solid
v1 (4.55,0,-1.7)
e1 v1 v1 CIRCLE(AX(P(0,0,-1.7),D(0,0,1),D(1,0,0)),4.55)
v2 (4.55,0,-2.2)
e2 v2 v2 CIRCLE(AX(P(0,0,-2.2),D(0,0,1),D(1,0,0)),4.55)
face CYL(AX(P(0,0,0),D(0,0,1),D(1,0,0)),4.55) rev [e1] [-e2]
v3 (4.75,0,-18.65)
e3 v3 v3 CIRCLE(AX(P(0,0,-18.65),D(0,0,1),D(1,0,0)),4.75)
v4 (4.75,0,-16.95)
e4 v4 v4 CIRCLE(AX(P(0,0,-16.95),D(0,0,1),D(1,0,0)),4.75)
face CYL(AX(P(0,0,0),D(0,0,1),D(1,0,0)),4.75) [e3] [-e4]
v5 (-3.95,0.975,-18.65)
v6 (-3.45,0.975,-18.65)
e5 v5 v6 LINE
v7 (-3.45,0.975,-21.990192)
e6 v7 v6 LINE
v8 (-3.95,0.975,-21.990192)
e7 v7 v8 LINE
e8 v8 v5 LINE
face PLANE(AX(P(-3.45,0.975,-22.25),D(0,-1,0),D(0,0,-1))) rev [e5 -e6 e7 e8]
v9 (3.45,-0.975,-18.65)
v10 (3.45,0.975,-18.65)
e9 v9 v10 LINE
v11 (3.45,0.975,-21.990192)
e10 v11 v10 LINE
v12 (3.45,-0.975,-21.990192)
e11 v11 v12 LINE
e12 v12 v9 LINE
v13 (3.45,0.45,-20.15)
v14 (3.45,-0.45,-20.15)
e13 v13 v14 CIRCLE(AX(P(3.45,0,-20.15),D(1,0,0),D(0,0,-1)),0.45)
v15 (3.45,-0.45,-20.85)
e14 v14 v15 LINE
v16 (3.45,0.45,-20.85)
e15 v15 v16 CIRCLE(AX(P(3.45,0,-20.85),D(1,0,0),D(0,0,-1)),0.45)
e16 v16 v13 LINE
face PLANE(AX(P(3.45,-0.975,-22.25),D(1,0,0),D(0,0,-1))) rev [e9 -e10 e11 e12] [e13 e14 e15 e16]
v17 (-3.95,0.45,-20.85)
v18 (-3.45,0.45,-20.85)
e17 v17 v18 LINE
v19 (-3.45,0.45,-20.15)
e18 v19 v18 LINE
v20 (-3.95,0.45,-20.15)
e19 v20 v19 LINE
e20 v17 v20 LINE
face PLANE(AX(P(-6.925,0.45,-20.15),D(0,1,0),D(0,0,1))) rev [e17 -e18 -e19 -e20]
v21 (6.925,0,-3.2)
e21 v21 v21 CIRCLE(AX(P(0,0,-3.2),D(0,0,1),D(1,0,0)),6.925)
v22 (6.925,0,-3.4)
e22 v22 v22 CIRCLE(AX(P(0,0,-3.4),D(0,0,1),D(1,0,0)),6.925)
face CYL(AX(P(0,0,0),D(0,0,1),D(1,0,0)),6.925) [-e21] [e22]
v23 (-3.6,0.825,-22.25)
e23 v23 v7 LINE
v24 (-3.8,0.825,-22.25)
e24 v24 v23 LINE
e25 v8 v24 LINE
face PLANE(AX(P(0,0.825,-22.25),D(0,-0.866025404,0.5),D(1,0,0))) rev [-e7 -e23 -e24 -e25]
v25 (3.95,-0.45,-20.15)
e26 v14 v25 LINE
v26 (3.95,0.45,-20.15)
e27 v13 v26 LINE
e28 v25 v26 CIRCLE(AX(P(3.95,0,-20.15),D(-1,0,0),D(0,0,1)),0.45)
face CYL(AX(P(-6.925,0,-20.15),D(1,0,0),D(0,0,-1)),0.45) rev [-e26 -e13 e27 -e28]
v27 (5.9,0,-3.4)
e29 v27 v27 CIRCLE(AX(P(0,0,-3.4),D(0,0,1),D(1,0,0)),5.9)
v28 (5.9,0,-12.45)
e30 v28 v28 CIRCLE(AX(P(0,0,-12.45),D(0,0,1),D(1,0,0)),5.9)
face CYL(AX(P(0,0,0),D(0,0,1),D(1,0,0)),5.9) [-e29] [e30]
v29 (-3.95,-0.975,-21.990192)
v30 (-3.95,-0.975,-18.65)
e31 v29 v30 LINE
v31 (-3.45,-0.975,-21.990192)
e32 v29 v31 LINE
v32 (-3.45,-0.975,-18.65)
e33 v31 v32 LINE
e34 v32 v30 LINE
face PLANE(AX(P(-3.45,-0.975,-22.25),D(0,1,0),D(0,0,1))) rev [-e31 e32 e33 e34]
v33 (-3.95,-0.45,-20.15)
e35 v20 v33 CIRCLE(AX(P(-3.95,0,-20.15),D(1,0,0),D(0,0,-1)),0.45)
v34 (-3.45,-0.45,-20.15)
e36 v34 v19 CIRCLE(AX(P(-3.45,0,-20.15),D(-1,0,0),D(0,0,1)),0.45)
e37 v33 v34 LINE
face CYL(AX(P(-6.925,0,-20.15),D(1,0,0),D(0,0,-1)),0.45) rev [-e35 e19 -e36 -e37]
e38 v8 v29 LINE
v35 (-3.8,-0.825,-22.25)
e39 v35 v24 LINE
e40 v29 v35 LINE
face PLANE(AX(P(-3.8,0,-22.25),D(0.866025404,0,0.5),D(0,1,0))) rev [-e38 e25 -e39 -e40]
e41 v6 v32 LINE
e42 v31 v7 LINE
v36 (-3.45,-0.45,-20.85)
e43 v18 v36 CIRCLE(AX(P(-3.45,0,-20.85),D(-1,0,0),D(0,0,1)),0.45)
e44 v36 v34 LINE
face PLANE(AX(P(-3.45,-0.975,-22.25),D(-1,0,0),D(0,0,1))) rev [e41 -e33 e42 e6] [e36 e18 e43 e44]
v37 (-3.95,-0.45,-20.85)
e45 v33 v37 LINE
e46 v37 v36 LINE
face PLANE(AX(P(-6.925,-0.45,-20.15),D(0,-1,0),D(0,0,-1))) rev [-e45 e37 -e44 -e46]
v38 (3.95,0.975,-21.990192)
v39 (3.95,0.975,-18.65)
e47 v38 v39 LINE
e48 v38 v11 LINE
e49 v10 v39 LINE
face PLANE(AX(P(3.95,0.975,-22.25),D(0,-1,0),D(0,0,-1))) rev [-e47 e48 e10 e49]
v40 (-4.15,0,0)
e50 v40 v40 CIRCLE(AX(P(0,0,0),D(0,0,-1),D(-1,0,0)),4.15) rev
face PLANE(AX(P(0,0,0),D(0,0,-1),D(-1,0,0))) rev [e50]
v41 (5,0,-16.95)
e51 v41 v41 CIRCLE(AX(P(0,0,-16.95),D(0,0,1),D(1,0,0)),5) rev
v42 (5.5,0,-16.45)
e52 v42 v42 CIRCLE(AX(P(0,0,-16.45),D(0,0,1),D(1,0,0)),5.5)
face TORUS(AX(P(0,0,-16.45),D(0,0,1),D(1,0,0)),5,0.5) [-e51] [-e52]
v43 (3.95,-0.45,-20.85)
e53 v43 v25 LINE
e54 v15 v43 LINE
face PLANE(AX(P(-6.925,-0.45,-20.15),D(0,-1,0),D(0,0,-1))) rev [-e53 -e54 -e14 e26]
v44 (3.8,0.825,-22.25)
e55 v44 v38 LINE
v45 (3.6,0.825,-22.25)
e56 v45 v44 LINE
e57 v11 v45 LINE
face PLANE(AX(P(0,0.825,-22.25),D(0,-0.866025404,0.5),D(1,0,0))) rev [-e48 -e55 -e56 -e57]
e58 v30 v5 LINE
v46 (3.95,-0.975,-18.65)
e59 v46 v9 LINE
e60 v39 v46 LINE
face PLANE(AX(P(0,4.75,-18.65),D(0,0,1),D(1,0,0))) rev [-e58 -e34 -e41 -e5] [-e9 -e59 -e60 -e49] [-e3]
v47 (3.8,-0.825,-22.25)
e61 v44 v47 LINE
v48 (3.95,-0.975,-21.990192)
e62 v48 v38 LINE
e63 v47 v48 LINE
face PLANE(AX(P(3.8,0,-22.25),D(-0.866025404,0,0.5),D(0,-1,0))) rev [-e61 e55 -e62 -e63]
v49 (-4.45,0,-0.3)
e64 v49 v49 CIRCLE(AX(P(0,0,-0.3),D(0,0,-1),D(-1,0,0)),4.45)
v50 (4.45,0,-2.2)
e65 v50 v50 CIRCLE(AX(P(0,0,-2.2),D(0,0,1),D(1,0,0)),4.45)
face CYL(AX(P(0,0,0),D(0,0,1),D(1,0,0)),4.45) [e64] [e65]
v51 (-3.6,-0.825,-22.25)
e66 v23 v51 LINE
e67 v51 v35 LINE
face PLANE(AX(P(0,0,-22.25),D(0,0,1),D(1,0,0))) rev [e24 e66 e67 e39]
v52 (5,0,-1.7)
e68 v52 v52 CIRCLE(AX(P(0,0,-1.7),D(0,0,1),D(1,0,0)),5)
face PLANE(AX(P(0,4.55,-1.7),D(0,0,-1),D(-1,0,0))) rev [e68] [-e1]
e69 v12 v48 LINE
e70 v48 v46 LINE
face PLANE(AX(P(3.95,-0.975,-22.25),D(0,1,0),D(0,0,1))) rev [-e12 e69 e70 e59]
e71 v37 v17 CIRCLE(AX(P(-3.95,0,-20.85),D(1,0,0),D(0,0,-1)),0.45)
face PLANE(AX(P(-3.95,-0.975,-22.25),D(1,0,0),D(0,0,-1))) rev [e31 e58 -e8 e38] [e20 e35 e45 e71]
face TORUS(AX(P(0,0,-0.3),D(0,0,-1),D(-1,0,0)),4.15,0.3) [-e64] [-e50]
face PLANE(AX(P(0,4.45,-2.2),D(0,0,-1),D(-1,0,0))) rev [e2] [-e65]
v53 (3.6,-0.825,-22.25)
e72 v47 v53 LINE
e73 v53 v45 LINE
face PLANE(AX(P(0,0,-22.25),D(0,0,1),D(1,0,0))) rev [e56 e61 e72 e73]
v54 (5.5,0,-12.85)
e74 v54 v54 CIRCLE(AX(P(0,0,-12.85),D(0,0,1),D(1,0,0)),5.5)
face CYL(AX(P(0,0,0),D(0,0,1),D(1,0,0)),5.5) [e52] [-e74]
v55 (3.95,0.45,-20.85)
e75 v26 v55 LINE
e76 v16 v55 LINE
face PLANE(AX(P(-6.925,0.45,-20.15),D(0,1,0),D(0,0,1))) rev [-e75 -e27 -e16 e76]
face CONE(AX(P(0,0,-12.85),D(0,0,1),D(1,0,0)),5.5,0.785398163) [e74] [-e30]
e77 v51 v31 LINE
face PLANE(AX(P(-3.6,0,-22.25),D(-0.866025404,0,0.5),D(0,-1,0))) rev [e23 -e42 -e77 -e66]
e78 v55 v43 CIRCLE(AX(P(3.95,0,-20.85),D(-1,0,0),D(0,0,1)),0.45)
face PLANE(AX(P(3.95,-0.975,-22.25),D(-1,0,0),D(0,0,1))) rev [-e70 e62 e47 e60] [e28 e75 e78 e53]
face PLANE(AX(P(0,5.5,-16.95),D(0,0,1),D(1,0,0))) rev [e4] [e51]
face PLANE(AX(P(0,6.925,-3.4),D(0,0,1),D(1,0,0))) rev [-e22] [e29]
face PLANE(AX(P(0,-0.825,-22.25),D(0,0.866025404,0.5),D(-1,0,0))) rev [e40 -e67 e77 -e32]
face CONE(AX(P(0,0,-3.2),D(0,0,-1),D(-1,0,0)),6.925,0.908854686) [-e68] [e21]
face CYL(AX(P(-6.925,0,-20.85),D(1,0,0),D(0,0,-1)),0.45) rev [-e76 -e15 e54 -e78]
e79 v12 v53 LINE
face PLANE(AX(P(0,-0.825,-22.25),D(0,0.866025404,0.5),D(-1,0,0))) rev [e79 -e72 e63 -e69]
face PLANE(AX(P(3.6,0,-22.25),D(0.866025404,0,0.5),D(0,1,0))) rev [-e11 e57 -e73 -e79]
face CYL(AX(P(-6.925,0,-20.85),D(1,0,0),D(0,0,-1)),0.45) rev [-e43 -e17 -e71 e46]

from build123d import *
from OCP.BRepFilletAPI import BRepFilletAPI_MakeChamfer

# Parameters (mm, degrees)
FILLET2_R               = 0.5
FILLET3_R               = 0.3
SKETCH9_W               = 0.5
SKETCH9_H               = 1.95
BOSS_EXTRUDE5_DEPTH     = 3.6
CHAMFER2_SIZE           = 0.15
CHAMFER2_SIZE2          = 0.259807621
CUT_EXTRUDE2_DEPTH      = 25.309951666
CUT_EXTRUDE2_DEPTH_BACK = 25.309951666


with BuildPart() as part:
    # Sketch8 → Revolve1 (revolve)
    with BuildSketch(Plane(origin=(0, 0, 0), x_dir=(0, 0, -1), z_dir=(1, 0, 0)), mode=Mode.PRIVATE) as revolve1_sk:
        Polygon((0, 0), (0, 4.45), (2.2, 4.45), (2.2, 4.55), (1.7, 4.55), (1.7, 5), (3.2, 6.925), (3.4, 6.925), (3.4, 5.9), (12.45, 5.9), (12.85, 5.5), (16.95, 5.5), (16.95, 4.75), (18.65, 4.75), (18.65, 0), align=None)
    revolve(revolve1_sk.sketch.rotate(Axis((0, 0, 0), (0, 0, -1)), 90), axis=Axis((0, 0, 0), (0, 0, -1)))

    # Fillet2
    fillet2_edges = [part.edges().sort_by_distance(p)[0] for p in [
        (-5.5, 0, -16.95),
    ]]
    fillet(fillet2_edges, radius=FILLET2_R)

    # Fillet3
    fillet3_edges = [part.edges().sort_by_distance(p)[0] for p in [
        (-4.45, 0, 0),
    ]]
    fillet(fillet3_edges, radius=FILLET3_R)

    # Sketch9 → Boss-Extrude5 (add)
    with BuildSketch(Plane(origin=(0, 0, -18.65), x_dir=(-1, 0, 0), z_dir=(0, 0, -1))):
        with Locations((-3.7, 0)):
            Rectangle(SKETCH9_W, SKETCH9_H)
        with Locations((3.7, 0)):
            Rectangle(SKETCH9_W, SKETCH9_H)
    extrude(amount=BOSS_EXTRUDE5_DEPTH)

    # Chamfer2: one chamfer whose edges measure the first distance from different faces: ONE call of the kernel's chamfer builder (chamfer() names one face for all edges)
    chamfer2_edges_1 = [part.edges().sort_by_distance(p)[0] for p in [
        (3.45, 0, -22.25),
        (3.7, 0.975, -22.25),
        (3.95, 0, -22.25),
        (3.7, -0.975, -22.25),
    ]]
    chamfer2_side_1 = [part.faces().sort_by_distance(p)[0] for p in [
        (3.7, 0, -22.25),
    ]]
    chamfer2_edges_2 = [part.edges().sort_by_distance(p)[0] for p in [
        (-3.95, 0, -22.25),
        (-3.7, 0.975, -22.25),
        (-3.45, 0, -22.25),
        (-3.7, -0.975, -22.25),
    ]]
    chamfer2_side_2 = [part.faces().sort_by_distance(p)[0] for p in [
        (-3.7, 0, -22.25),
    ]]
    chamfer2 = BRepFilletAPI_MakeChamfer(part.part.solid().wrapped)
    for e in chamfer2_edges_1:
        chamfer2.Add(CHAMFER2_SIZE, CHAMFER2_SIZE2, e.wrapped, chamfer2_side_1[0].wrapped)  # the first distance lies on this face
    for e in chamfer2_edges_2:
        chamfer2.Add(CHAMFER2_SIZE, CHAMFER2_SIZE2, e.wrapped, chamfer2_side_2[0].wrapped)  # the first distance lies on this face
    add(Compound.cast(chamfer2.Shape()), mode=Mode.REPLACE)

    # Sketch10 → Cut-Extrude2 (cut, two sides: drawn at the far end of the back side and taken through both)
    with BuildSketch(Plane(origin=(0, 0, 0), x_dir=(0, 0, -1), z_dir=(1, 0, 0)).offset(-CUT_EXTRUDE2_DEPTH_BACK)):
        with BuildLine():
            Line((20.15, 0.45), (20.85, 0.45))
            ThreePointArc((20.85, 0.45), (21.3, 0), (20.85, -0.45))
            Line((20.85, -0.45), (20.15, -0.45))
            ThreePointArc((20.15, -0.45), (19.7, 0), (20.15, 0.45))
        make_face()
    extrude(amount=CUT_EXTRUDE2_DEPTH + CUT_EXTRUDE2_DEPTH_BACK, mode=Mode.SUBTRACT)


solid = part.part
